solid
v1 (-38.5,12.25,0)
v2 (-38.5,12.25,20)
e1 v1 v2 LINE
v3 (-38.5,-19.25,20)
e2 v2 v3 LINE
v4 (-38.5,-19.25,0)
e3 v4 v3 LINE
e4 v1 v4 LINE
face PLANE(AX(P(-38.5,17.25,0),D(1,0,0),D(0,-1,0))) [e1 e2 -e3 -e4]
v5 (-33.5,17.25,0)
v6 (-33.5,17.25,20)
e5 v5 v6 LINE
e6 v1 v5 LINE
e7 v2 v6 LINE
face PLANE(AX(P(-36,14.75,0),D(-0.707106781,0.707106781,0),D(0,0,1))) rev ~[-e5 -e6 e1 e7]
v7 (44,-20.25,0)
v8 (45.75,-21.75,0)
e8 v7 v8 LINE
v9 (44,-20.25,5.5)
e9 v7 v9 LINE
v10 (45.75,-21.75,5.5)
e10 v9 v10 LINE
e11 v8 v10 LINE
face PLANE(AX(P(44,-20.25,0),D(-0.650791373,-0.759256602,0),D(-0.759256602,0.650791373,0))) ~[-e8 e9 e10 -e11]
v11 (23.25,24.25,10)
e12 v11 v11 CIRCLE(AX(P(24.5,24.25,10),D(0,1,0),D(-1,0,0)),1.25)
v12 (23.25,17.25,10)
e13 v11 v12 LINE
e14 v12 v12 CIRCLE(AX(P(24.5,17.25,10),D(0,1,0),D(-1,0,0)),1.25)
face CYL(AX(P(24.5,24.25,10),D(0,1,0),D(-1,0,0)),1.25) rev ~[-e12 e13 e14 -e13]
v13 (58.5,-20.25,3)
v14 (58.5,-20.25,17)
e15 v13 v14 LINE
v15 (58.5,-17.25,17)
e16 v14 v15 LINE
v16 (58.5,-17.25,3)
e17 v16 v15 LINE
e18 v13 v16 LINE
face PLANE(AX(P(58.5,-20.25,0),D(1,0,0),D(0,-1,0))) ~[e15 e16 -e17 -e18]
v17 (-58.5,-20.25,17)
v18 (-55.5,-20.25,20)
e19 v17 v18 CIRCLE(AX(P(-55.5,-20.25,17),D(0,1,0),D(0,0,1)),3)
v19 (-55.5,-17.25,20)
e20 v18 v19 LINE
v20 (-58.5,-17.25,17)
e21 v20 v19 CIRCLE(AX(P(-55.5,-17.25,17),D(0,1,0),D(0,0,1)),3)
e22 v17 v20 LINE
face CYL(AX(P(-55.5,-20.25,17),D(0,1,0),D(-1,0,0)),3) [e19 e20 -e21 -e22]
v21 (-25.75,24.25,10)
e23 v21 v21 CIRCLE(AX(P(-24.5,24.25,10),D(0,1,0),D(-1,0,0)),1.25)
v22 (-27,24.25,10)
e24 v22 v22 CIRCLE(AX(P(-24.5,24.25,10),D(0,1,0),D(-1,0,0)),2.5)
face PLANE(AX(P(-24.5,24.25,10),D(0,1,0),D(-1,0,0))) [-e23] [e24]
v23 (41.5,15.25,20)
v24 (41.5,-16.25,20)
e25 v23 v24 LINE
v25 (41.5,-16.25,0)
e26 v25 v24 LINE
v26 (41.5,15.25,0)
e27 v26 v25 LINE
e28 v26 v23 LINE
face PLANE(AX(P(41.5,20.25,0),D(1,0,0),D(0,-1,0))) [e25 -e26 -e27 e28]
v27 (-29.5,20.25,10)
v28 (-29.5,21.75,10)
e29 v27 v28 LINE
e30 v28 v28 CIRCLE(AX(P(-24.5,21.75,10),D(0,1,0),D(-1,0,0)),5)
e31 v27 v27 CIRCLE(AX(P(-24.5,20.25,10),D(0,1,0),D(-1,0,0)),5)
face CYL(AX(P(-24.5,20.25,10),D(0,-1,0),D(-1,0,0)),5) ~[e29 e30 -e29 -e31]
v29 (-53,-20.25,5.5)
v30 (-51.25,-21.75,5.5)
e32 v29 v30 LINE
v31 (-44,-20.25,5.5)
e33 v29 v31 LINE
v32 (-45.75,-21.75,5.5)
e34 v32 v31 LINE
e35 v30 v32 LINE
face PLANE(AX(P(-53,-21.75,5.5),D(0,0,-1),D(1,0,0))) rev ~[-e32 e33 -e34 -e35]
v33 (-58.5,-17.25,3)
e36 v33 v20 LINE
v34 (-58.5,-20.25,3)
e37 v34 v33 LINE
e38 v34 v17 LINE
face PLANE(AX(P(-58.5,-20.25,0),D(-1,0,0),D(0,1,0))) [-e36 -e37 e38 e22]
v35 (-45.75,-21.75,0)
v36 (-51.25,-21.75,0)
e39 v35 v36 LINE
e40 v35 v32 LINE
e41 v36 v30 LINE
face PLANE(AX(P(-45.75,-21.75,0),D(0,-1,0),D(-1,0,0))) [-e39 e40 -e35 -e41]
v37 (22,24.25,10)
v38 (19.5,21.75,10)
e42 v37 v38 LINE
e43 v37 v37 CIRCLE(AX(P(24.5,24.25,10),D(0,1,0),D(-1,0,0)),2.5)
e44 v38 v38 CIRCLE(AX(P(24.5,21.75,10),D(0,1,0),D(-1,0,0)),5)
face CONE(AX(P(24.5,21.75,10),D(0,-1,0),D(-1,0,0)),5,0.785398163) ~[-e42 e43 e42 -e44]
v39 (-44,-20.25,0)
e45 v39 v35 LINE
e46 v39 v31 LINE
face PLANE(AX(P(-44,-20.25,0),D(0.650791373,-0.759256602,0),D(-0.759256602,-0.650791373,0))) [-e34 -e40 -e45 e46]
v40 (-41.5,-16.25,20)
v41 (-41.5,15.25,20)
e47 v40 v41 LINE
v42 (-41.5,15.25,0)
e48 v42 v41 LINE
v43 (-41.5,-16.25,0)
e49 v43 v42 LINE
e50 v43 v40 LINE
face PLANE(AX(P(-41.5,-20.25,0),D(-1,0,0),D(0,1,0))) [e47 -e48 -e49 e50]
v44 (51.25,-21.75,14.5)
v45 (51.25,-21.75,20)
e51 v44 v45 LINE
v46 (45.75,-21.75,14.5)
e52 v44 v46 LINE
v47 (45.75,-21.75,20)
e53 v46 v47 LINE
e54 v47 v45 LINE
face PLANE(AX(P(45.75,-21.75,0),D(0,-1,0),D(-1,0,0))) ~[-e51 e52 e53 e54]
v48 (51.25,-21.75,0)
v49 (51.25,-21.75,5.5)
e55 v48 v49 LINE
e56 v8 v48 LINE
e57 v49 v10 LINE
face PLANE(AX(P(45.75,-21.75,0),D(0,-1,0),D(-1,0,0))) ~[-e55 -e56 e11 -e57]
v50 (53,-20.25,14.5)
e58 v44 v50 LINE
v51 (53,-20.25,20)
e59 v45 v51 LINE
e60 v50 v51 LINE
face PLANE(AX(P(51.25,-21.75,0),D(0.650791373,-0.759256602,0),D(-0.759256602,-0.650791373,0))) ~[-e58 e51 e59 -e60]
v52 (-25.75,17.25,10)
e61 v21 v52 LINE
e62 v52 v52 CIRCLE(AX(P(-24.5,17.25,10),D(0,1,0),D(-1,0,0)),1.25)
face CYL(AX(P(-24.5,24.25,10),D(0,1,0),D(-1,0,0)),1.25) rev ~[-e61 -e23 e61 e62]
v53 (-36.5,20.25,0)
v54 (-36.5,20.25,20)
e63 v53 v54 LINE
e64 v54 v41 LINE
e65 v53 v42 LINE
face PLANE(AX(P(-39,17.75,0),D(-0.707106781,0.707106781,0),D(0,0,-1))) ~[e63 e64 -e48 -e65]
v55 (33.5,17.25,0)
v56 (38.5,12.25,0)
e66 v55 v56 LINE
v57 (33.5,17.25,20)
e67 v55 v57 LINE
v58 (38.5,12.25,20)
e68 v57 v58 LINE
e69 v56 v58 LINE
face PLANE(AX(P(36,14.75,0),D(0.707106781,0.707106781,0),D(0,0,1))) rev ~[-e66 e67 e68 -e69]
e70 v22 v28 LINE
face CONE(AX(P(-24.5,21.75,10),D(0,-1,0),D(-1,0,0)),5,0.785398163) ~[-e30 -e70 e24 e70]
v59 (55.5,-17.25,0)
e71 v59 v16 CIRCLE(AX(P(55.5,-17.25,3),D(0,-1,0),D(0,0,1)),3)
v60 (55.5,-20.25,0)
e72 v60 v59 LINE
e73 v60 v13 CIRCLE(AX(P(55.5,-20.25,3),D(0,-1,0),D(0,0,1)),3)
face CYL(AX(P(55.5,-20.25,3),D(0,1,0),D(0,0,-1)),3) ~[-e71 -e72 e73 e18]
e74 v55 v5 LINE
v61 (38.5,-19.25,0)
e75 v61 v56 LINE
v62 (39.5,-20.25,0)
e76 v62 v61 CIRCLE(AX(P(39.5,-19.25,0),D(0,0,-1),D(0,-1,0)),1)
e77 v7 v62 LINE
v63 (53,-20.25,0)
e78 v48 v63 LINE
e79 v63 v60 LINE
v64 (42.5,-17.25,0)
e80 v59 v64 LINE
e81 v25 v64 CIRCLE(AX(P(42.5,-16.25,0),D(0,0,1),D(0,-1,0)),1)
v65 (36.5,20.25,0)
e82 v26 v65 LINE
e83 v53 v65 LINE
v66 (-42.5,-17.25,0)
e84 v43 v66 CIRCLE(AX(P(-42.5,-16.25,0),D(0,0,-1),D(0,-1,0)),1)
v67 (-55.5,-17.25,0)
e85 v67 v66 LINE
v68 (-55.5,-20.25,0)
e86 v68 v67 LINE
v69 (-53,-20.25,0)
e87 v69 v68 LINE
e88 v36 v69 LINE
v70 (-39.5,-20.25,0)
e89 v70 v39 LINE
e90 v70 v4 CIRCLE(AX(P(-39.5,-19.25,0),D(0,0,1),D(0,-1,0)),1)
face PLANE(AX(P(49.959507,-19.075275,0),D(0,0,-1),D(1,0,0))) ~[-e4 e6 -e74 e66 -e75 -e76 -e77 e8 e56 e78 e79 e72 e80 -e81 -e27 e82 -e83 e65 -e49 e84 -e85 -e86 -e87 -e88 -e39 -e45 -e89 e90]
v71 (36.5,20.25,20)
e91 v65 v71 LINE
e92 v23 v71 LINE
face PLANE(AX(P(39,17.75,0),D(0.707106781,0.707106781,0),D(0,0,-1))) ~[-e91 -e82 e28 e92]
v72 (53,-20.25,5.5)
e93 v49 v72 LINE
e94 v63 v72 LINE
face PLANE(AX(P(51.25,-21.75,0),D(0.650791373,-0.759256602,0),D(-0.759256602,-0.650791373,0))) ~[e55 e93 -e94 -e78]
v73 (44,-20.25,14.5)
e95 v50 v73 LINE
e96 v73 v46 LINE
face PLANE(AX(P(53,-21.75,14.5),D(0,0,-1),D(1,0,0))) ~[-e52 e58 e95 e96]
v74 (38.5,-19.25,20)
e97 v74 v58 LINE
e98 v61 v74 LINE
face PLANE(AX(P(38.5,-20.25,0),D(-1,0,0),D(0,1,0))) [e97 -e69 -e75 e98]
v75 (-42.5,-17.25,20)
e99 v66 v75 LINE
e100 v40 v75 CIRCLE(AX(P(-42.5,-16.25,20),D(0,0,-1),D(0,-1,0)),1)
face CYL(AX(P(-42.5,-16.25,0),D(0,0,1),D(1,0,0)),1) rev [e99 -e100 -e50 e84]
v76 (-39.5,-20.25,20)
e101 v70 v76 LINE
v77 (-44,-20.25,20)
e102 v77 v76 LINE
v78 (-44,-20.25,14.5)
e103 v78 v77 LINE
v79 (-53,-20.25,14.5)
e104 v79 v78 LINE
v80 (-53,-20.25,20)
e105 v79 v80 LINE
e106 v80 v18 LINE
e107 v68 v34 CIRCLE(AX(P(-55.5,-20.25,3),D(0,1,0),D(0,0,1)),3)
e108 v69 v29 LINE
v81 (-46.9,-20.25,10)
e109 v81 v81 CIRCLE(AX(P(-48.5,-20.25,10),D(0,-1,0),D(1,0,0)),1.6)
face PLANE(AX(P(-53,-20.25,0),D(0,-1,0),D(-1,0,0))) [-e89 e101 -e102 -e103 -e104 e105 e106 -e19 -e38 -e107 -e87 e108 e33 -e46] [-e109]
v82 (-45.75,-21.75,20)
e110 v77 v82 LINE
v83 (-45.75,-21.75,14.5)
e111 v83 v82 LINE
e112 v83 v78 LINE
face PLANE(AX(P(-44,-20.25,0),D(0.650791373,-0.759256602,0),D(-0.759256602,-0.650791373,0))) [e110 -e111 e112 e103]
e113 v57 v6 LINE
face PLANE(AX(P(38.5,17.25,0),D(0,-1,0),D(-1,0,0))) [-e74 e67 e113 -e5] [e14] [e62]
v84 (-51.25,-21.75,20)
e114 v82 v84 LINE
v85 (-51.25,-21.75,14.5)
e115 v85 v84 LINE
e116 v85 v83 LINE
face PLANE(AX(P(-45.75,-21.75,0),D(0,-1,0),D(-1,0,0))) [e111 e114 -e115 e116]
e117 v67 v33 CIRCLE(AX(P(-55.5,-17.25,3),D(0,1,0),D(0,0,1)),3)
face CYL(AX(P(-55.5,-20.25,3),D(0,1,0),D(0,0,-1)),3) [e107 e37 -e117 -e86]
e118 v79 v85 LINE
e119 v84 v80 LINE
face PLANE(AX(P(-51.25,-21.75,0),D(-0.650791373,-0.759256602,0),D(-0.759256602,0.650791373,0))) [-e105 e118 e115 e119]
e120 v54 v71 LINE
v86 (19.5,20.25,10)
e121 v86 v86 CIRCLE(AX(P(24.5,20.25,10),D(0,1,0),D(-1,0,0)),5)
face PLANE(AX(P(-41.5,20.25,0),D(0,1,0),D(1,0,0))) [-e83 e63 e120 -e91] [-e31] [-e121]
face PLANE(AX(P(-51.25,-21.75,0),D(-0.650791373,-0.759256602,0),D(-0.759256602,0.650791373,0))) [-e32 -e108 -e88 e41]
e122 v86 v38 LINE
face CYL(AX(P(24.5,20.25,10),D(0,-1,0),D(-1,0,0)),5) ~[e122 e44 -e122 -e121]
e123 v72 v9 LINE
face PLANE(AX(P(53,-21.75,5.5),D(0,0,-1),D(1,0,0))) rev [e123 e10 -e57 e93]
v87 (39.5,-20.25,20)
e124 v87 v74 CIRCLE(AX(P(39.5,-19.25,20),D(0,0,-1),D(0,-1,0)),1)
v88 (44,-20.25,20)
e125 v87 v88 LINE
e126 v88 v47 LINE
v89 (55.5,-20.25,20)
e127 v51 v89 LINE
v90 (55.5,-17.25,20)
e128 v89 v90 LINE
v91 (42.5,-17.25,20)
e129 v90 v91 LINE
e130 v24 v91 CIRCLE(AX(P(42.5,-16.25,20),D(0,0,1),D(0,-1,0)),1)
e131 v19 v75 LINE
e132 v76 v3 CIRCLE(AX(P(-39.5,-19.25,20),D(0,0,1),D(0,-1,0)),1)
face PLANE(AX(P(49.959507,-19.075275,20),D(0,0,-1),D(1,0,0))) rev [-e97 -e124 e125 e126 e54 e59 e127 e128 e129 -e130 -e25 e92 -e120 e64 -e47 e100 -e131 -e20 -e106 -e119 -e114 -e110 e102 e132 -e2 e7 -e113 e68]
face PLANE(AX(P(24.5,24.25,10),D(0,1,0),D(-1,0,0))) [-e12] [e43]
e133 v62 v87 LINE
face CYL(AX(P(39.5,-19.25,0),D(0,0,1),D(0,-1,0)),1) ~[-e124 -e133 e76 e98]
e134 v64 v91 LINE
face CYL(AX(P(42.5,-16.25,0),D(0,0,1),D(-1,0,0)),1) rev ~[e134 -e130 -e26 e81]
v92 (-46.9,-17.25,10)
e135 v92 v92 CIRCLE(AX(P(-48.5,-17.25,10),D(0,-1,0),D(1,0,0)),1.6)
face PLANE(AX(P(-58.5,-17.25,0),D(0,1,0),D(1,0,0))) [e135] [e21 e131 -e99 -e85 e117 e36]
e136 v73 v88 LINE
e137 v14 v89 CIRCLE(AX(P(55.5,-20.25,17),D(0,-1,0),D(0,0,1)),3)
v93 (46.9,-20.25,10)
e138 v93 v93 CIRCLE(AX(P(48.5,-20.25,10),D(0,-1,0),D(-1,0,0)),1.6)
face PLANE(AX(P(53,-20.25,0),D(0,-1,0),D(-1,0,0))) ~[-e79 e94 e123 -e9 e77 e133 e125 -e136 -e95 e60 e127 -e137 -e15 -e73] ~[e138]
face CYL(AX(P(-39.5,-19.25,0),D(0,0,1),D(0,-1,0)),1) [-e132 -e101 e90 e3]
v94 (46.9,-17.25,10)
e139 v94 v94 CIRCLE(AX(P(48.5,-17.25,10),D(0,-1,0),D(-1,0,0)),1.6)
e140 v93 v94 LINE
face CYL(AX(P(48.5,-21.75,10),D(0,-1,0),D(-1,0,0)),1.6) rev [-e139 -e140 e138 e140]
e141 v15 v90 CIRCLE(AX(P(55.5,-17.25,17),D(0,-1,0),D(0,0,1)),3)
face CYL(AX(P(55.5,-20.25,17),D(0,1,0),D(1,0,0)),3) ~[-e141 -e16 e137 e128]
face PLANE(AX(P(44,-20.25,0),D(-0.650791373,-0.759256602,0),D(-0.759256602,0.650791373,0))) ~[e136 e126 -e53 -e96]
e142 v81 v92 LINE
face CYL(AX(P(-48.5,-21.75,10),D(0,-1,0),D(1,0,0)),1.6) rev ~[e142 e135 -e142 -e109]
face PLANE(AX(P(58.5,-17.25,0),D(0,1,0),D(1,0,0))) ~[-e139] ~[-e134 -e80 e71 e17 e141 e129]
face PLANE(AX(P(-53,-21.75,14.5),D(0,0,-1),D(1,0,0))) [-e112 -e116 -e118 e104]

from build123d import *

# Parameters (mm, degrees)
PAD_DEPTH       = 20
PAD001_DEPTH    = 20
SKETCH002_R     = 1.6
POCKET_DEPTH    = 262.582051
SKETCH003_W     = 9
SKETCH003_H     = 9
POCKET001_DEPTH = 1.5
CHAMFER_SIZE    = 5
FILLET_R        = 1
FILLET001_R     = 3
SKETCH004_R     = 5
SKETCH004_R_2   = 1.25
PAD002_DEPTH    = 4
SKETCH005_R     = 1.25
POCKET002_DEPTH = 46.001
CHAMFER001_SIZE = 2.5


with BuildPart() as part:
    # Sketch → Pad (new body)
    with BuildSketch(Plane.XY):
        Polygon((-41.5, -20.25), (-41.5, 20.25), (41.5, 20.25), (41.5, -20.25), (38.5, -20.25), (38.5, 17.25), (-38.5, 17.25), (-38.5, -20.25), align=None)
    extrude(amount=PAD_DEPTH)

    # Sketch001 (on Face9 of Pad) → Pad001 (join)
    with BuildSketch(Plane(origin=(0, 0, 0), x_dir=(1, 0, 0), z_dir=(0, 0, -1))):
        Polygon((-58.5, 20.25), (-58.5, 17.25), (-41.5, 17.25), (-41.5, 20.25), (-44, 20.25), (-45.75, 21.75), (-51.25, 21.75), (-53, 20.25), align=None)
    pad001 = extrude(amount=-PAD001_DEPTH)

    # Sketch002 (on Face2 of Pad001) → Pocket (cut, through all)
    with BuildSketch(Plane.XZ.offset(21.75)):
        with Locations((-48.5, 10)):
            Circle(SKETCH002_R)
    pocket = extrude(amount=-POCKET_DEPTH, mode=Mode.SUBTRACT)

    # Sketch003 (on Face5 of Pocket) → Pocket001 (cut)
    with BuildSketch(Plane.XZ.offset(21.75)):
        with Locations((-48.5, 10)):
            Rectangle(SKETCH003_W, SKETCH003_H)
    pocket001 = extrude(amount=-POCKET001_DEPTH, mode=Mode.SUBTRACT)

    # Mirrored: Pad001, Pocket, Pocket001 across Sketch001 V_Axis
    add(pad001.mirror(Plane(origin=(0, 0, 0), x_dir=(0, 0, -1), z_dir=(1, 0, 0))))
    add(pocket.mirror(Plane(origin=(0, 0, 0), x_dir=(0, 0, -1), z_dir=(1, 0, 0))), mode=Mode.SUBTRACT)
    add(pocket001.mirror(Plane(origin=(0, 0, 0), x_dir=(0, 0, -1), z_dir=(1, 0, 0))), mode=Mode.SUBTRACT)

    # Chamfer
    chamfer_edges = [part.edges().sort_by_distance(p)[0] for p in [
        (41.5, 20.25, 10),
        (38.5, 17.25, 10),
        (-41.5, 20.25, 10),
        (-38.5, 17.25, 10),
    ]]
    chamfer(chamfer_edges, length=CHAMFER_SIZE)

    # Fillet
    fillet_edges = [part.edges().sort_by_distance(p)[0] for p in [
        (38.5, -20.25, 10),
        (-38.5, -20.25, 10),
        (-41.5, -17.25, 10),
        (41.5, -17.25, 10),
    ]]
    fillet(fillet_edges, radius=FILLET_R)

    # Fillet001
    fillet001_edges = [part.edges().sort_by_distance(p)[0] for p in [
        (58.5, -18.75, 0),
        (58.5, -18.75, 20),
        (-58.5, -18.75, 0),
        (-58.5, -18.75, 20),
    ]]
    fillet(fillet001_edges, radius=FILLET001_R)

    # Sketch004 (on Face10 of Fillet001) → Pad002 (join)
    with BuildSketch(Plane(origin=(0, 20.25, 0), x_dir=(-1, 0, 0), z_dir=(0, 1, 0))):
        with Locations((-24.5, 10)):
            Circle(SKETCH004_R)
        with Locations((-24.5, 10)):
            Circle(SKETCH004_R_2, mode=Mode.SUBTRACT)
        with Locations((24.5, 10)):
            Circle(SKETCH004_R)
        with Locations((24.5, 10)):
            Circle(SKETCH004_R_2, mode=Mode.SUBTRACT)
    extrude(amount=PAD002_DEPTH)

    # Sketch005 (on Face47 of Pad002) → Pocket002 (cut, through all)
    with BuildSketch(Plane(origin=(0, 24.25, 0), x_dir=(-1, 0, 0), z_dir=(0, 1, 0))):
        with Locations((24.5, 10)):
            Circle(SKETCH005_R)
        with Locations((-24.5, 10)):
            Circle(SKETCH005_R)
    extrude(amount=-POCKET002_DEPTH, mode=Mode.SUBTRACT)

    # Chamfer001
    chamfer001_edges = [part.edges().sort_by_distance(p)[0] for p in [
        (29.5, 24.25, 10),
        (-19.5, 24.25, 10),
    ]]
    chamfer(chamfer001_edges, length=CHAMFER001_SIZE)


solid = part.part
